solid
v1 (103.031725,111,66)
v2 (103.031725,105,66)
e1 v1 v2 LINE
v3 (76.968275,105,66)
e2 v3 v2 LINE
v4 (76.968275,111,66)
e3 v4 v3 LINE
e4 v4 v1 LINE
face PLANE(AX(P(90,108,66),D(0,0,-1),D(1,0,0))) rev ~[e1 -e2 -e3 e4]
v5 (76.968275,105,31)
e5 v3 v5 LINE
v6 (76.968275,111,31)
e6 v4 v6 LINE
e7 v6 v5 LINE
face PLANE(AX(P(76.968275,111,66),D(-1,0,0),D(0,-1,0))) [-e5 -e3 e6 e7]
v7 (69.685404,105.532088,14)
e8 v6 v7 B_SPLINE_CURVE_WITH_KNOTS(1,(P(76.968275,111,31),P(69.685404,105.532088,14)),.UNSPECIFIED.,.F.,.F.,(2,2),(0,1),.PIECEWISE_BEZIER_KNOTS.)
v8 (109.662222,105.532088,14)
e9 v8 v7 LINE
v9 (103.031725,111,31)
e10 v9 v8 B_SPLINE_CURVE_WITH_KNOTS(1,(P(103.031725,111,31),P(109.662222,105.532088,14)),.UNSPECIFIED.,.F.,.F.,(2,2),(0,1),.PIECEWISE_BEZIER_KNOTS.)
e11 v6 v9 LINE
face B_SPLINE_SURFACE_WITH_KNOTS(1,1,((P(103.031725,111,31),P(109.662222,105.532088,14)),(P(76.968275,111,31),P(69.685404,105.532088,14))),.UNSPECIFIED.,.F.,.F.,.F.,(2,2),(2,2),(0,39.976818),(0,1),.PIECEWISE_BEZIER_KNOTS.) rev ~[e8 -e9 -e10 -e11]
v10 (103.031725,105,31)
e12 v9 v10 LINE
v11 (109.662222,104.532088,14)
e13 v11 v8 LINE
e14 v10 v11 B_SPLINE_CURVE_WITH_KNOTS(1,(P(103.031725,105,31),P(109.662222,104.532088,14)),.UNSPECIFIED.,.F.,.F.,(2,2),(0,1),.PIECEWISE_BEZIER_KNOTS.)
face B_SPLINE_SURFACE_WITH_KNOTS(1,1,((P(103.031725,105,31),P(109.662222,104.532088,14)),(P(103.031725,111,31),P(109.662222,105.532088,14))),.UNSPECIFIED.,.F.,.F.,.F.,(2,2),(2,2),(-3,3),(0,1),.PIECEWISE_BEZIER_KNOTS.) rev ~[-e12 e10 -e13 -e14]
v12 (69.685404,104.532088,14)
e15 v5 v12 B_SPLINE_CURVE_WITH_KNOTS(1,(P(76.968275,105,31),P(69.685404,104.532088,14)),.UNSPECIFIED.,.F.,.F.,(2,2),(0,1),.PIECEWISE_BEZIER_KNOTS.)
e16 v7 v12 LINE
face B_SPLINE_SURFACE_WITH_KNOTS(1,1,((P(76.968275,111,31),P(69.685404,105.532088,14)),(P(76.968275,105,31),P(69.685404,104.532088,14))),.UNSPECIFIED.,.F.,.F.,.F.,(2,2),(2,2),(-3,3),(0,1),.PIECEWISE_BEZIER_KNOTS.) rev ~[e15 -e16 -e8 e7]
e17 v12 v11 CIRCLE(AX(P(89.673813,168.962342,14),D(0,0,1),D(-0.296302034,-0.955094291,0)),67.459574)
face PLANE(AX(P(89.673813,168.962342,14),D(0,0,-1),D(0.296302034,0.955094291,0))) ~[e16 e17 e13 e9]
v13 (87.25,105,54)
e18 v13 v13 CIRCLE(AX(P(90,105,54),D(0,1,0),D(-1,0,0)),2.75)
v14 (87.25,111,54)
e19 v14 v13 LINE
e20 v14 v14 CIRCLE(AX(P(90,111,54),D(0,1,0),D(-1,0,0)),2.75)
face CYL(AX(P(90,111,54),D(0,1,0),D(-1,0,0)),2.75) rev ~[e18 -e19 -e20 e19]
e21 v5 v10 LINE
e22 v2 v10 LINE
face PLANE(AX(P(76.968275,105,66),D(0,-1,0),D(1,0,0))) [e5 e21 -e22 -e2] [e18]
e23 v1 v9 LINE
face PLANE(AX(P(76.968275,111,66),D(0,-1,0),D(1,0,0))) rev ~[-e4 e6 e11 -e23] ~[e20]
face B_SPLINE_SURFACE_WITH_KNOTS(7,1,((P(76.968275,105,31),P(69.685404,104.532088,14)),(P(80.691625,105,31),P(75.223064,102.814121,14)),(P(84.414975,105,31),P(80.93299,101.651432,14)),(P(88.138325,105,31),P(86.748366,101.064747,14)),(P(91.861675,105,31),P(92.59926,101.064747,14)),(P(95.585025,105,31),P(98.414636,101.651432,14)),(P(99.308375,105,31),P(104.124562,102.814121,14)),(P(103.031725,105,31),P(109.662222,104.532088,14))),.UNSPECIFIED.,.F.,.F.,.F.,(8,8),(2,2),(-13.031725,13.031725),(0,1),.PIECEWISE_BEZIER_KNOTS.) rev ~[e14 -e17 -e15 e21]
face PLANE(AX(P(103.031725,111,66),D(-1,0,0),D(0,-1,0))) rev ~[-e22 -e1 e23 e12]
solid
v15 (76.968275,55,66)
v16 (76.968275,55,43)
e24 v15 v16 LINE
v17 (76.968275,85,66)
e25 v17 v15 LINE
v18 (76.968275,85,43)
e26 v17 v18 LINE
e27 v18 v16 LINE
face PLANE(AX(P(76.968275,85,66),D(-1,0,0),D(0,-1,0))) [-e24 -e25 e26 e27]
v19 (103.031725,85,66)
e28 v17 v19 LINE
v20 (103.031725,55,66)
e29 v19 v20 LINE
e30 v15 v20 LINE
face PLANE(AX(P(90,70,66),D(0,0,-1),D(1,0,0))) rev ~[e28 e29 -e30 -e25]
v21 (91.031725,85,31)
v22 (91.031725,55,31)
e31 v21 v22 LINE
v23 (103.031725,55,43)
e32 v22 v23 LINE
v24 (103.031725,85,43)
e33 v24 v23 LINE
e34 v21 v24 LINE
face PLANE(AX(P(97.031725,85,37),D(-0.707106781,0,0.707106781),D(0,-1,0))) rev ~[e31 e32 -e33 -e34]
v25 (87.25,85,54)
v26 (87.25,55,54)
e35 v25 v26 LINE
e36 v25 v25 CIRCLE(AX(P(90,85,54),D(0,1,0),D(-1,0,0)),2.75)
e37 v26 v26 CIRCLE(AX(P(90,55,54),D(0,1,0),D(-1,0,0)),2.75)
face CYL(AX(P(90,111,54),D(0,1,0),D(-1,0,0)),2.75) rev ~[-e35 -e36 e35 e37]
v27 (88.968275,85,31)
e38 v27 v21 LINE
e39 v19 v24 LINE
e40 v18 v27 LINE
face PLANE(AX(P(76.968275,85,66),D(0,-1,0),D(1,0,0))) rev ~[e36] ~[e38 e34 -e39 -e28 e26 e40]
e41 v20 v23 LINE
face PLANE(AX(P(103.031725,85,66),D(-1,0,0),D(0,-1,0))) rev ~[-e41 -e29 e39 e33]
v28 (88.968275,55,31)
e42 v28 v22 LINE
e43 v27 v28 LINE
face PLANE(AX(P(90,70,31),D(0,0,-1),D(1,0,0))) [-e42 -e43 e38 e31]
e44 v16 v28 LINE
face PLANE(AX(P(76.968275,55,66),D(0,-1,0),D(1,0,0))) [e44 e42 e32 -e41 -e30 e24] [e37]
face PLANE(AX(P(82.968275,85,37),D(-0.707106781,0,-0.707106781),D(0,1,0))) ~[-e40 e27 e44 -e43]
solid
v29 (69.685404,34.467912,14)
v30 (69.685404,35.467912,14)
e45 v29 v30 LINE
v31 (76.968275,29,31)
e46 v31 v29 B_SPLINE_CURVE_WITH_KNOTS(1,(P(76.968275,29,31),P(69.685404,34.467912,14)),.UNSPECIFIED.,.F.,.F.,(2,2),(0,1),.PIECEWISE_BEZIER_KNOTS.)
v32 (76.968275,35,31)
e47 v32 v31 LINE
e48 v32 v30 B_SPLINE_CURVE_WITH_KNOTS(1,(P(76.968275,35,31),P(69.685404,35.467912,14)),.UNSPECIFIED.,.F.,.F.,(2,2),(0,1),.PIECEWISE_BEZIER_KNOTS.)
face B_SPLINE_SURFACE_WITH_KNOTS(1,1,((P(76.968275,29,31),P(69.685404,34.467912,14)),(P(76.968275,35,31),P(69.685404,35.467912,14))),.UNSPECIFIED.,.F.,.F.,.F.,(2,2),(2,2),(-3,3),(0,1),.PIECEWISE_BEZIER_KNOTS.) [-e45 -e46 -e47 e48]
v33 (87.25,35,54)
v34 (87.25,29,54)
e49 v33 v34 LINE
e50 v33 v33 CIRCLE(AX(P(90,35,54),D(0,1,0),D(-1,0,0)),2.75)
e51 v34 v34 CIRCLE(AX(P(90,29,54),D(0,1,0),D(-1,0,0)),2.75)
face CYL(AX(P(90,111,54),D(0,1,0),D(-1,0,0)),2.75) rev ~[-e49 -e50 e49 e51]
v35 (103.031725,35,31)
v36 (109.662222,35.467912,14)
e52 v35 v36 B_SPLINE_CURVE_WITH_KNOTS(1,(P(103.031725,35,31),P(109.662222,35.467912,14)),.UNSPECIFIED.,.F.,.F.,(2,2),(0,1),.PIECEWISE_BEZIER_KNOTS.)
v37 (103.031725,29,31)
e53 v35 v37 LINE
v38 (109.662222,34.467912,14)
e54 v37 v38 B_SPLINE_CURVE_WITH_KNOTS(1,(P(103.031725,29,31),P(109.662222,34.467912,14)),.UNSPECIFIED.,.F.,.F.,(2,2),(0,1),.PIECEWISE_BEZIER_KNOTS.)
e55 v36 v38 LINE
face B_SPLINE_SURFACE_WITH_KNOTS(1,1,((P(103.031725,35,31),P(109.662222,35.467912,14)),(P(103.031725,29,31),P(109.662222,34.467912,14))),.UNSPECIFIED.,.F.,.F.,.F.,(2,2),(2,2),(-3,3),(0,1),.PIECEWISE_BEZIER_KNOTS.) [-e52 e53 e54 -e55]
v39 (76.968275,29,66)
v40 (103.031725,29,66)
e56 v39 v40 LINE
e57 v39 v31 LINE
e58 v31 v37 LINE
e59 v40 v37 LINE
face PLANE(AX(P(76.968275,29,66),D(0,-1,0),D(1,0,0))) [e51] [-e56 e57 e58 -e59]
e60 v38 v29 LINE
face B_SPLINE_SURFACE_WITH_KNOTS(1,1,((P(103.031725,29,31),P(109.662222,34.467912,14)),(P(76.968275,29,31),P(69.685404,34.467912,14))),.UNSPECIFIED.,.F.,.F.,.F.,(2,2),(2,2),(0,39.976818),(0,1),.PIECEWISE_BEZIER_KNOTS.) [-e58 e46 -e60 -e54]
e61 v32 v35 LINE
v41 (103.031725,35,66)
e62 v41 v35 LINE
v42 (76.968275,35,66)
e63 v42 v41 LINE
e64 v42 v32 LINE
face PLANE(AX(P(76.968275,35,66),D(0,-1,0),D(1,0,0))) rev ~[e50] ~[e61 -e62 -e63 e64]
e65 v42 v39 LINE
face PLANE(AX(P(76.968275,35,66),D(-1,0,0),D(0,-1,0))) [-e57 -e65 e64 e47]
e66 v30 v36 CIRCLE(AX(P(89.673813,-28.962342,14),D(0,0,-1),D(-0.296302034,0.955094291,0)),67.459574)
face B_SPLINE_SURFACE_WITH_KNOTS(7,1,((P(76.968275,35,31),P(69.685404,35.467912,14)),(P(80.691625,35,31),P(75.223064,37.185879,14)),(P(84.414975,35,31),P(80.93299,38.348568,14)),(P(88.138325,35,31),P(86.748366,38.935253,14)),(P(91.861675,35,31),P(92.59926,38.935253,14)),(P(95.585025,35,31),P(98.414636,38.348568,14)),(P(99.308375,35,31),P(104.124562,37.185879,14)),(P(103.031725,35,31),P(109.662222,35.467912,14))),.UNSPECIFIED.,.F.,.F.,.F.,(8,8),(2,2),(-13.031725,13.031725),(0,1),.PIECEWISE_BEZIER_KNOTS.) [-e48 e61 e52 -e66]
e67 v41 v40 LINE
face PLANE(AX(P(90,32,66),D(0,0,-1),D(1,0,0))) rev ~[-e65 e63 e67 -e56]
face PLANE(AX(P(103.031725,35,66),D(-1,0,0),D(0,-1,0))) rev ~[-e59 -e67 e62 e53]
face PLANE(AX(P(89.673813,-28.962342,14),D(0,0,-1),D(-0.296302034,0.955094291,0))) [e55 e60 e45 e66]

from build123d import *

# Parameters (mm, degrees)
FACEBINDER_W                                        = 6
FACEBINDER_H                                        = 26.06345
SKETCH005_AS_DRAWN_R                                = 2.75
EXTRUDE_SKETCH005001_DEPTH                          = 90
EXTRUDE_SKETCH005001_ONTO_SKETCH005_ROLL_ANGLE      = 90
EXTRUDE_SKETCH005001_ONTO_SKETCH005_PLACEMENT_ANGLE = 180
SKETCH004_W                                         = 26.06345
SKETCH004_H                                         = 6
SKETCH004_H_2                                       = 30
EXTRUDE_SKETCH004_DEPTH                             = 35
CHAMFER_SIZE                                        = 12


with BuildPart() as loft_body:
    # Facebinder → Loft section 0
    with BuildSketch(Plane(origin=(90, 32, 31), x_dir=(0, -1, 0), z_dir=(0, 0, -1))):
        Rectangle(FACEBINDER_W, FACEBINDER_H)
    # Sketch006 → Loft section 1
    with BuildSketch(Plane(origin=(0, 0, 14), x_dir=(1, 0, 0), z_dir=(0, 0, -1))):
        with BuildLine():
            ThreePointArc((69.685404, -35.467912), (89.673813, -38.497232), (109.662222, -35.467912))
            Line((109.662222, -35.467912), (109.662222, -34.467912))
            Line((109.662222, -34.467912), (69.685404, -34.467912))
            Line((69.685404, -34.467912), (69.685404, -35.467912))
        make_face()
    loft()


with BuildPart() as part_mirroring:
    # Part__Mirroring: instance of Loft body
    add(loft_body.part.mirror(Plane(origin=(0, 0, 0), x_dir=(1, 0, 0), z_dir=(0, 1, 0))))


with BuildPart() as part_mirroring_1:
    # Part__Mirroring placement: moved
    add(part_mirroring.part.moved(Location((0, 140, 0))))


with BuildPart() as fusion001:
    # Fusion001 base: copy of Loft body
    add(loft_body.part)

    # Fusion001: union Part__Mirroring
    add(part_mirroring_1.part)


with BuildPart() as sketch005_extrude001:
    # Sketch005 as drawn → Extrude_Sketch005001 (new)
    with BuildSketch(Plane.XY):
        with Locations((-90, 54)):
            Circle(SKETCH005_AS_DRAWN_R)
    extrude(amount=-EXTRUDE_SKETCH005001_DEPTH)


with BuildPart() as sketch005_extrude001_1:
    # Extrude_Sketch005001 onto Sketch005 roll: moved
    add(sketch005_extrude001.part.rotate(Axis((0, 0, 0), (1, 0, 0)), EXTRUDE_SKETCH005001_ONTO_SKETCH005_ROLL_ANGLE))


with BuildPart() as sketch005_extrude001_2:
    # Extrude_Sketch005001 onto Sketch005 placement: moved
    add(sketch005_extrude001_1.part.moved(Location((0, 111, 0))).rotate(Axis((0, 111, 0), (0, 0, 1)), EXTRUDE_SKETCH005001_ONTO_SKETCH005_PLACEMENT_ANGLE))


with BuildPart() as chamfer_body:
    # Sketch004 → Extrude_Sketch004 (new body)
    with BuildSketch(Plane(origin=(0, 0, 66), x_dir=(1, 0, 0), z_dir=(0, 0, -1))):
        with Locations((90, -108)):
            Rectangle(SKETCH004_W, SKETCH004_H)
        with Locations((90, -70)):
            Rectangle(SKETCH004_W, SKETCH004_H_2)
        with Locations((90, -32)):
            Rectangle(SKETCH004_W, SKETCH004_H)
    extrude(amount=EXTRUDE_SKETCH004_DEPTH)

    # Cut002: cut Sketch005_Extrude001
    add(sketch005_extrude001_2.part, mode=Mode.SUBTRACT)

    # Fusion002: union Fusion001
    add(fusion001.part)

    # Chamfer
    chamfer_edges = [chamfer_body.edges().sort_by_distance(p)[0] for p in [
        (103.031725, 70, 31),
        (76.968275, 70, 31),
    ]]
    chamfer(chamfer_edges, length=CHAMFER_SIZE)


solid = chamfer_body.part
